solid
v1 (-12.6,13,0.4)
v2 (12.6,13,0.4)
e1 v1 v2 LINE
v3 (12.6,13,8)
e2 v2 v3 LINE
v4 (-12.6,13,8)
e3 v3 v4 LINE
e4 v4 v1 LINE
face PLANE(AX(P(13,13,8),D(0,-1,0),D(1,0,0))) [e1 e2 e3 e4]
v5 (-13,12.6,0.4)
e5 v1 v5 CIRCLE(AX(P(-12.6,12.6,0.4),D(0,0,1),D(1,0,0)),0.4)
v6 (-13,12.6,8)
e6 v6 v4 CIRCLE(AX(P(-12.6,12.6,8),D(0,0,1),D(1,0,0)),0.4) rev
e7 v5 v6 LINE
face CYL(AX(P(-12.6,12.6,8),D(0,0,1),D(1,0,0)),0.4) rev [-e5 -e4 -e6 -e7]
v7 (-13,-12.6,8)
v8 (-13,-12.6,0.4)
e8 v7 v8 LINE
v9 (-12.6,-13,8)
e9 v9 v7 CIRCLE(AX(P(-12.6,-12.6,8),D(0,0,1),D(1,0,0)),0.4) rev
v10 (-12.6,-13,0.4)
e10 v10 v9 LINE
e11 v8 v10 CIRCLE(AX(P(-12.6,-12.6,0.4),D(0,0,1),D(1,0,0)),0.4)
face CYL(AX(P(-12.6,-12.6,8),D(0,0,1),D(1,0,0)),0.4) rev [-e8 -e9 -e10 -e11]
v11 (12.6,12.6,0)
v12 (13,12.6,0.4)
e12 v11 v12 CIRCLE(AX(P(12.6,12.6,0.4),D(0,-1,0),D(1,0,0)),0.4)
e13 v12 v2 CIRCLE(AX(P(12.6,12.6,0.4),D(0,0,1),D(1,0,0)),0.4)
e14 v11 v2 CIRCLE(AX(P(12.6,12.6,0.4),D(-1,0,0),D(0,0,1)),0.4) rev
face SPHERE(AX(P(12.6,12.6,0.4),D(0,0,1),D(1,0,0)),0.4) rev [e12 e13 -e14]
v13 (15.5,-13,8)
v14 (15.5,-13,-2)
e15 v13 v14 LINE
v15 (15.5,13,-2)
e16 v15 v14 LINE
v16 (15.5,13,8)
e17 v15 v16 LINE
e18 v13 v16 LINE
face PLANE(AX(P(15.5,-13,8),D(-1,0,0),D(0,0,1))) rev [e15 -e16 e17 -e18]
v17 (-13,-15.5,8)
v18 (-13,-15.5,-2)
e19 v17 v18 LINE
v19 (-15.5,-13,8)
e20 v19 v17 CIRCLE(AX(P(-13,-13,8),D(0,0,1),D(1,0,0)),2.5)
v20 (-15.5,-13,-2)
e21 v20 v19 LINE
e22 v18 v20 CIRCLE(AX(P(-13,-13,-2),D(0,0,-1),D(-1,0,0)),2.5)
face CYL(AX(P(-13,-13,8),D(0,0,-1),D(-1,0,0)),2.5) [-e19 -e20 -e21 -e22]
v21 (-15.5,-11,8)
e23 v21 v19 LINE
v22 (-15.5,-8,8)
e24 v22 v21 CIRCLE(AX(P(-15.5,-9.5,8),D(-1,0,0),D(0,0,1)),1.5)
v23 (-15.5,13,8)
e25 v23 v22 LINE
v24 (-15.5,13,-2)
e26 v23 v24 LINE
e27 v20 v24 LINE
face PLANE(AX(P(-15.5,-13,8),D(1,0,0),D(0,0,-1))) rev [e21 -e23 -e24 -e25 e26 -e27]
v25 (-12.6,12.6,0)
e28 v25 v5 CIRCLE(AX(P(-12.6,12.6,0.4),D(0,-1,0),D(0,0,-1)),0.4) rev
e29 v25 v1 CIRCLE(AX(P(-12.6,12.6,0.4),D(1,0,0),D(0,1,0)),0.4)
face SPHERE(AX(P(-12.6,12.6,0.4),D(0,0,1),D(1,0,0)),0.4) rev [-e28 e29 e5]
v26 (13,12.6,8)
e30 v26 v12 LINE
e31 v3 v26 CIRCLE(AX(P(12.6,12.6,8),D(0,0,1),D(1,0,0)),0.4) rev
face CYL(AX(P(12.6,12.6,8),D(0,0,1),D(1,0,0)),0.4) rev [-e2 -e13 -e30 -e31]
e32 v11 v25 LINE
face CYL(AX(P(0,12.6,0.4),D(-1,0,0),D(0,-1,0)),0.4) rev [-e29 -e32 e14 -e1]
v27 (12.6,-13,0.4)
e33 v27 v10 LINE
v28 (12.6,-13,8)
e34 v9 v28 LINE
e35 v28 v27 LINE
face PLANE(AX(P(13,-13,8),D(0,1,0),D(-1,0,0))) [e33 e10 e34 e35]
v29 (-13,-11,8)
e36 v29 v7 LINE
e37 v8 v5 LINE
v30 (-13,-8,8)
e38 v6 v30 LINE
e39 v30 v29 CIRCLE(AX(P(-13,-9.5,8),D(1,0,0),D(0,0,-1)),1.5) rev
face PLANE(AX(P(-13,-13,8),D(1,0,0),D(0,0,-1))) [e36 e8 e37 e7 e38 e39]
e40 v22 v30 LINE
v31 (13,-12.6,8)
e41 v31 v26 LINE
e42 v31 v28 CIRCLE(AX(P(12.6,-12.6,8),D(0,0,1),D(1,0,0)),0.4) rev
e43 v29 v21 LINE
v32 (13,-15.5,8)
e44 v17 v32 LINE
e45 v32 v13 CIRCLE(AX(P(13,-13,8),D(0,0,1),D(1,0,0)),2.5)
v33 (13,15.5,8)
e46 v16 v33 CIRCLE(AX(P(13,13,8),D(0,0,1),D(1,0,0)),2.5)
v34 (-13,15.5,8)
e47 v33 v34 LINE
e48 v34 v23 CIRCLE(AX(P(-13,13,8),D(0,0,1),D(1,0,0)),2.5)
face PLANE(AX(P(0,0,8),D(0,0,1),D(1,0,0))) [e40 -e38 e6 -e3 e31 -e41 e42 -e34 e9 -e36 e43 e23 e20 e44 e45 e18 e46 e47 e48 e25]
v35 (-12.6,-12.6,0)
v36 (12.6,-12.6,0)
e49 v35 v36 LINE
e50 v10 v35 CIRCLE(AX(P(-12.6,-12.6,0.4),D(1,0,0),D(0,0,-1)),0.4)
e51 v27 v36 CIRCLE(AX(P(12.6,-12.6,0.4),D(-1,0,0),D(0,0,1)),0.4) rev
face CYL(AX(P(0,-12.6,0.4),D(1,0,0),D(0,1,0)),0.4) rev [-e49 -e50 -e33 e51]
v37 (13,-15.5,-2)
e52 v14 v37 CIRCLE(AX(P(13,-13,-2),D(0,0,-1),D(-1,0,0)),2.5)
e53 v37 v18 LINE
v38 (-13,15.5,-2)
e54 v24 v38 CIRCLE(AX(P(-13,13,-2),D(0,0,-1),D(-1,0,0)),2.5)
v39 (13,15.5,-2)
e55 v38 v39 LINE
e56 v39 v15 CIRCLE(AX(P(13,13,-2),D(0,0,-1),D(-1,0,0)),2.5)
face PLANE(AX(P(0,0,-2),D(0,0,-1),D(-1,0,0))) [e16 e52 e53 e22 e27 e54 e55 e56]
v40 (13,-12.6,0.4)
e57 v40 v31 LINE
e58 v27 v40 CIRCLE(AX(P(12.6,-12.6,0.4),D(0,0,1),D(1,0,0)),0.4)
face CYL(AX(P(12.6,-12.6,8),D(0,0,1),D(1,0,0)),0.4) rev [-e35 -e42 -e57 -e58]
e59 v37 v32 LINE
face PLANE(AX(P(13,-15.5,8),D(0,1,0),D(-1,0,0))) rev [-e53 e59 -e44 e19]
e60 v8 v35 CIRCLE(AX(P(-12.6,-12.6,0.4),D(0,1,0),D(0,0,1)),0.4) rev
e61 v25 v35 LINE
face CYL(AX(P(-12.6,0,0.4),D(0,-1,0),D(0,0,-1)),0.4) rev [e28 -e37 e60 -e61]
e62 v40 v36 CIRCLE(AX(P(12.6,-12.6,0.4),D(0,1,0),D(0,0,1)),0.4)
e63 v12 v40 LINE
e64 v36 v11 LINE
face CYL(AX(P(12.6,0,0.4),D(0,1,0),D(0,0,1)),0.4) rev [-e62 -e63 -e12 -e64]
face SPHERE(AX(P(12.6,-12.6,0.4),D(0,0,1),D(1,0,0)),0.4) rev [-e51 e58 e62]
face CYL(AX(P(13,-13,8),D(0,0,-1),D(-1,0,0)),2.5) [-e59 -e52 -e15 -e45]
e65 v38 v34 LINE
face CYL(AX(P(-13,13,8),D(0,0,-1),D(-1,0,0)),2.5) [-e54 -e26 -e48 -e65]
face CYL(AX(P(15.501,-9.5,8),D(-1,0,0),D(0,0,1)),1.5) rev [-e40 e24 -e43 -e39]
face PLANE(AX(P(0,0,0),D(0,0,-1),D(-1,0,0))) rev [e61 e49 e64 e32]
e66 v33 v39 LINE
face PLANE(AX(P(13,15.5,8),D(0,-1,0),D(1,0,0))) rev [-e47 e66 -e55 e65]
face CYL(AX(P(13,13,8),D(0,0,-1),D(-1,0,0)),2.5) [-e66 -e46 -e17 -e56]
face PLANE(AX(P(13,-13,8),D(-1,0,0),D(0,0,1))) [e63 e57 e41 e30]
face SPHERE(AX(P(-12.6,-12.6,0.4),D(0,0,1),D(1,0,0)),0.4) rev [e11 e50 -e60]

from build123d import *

# Parameters (mm, degrees)
SCHIZZO1_W                   = 31
SCHIZZO1_H                   = 31
SCHIZZO1_W_2                 = 26
SCHIZZO1_H_2                 = 26
ESTRUSIONE_SOTTILE1_DEPTH    = 8
SCHIZZO2_W                   = 31
SCHIZZO2_H                   = 31
ESTRUSIONE_ESTRUSIONE1_DEPTH = 2
RACCORDO1_R                  = 2.5
RACCORDO2_R                  = 0.4
TAGLIO_ESTRUSIONE1_REACH     = 37.57
SCHIZZO3_R                   = 1.5


with BuildPart() as part:
    # Schizzo1 → Estrusione-Sottile1 (new body)
    with BuildSketch(Plane.XY):
        Rectangle(SCHIZZO1_W, SCHIZZO1_H)
        Rectangle(SCHIZZO1_W_2, SCHIZZO1_H_2, mode=Mode.SUBTRACT)
    extrude(amount=ESTRUSIONE_SOTTILE1_DEPTH)

    # Schizzo2 → Estrusione-Estrusione1 (add)
    with BuildSketch(Plane(origin=(0, 0, 0), x_dir=(-1, 0, 0), z_dir=(0, 0, -1))):
        Rectangle(SCHIZZO2_W, SCHIZZO2_H)
    extrude(amount=ESTRUSIONE_ESTRUSIONE1_DEPTH)

    # Raccordo1
    raccordo1_edges = [part.edges().sort_by_distance(p)[0] for p in [
        (-15.5, 15.5, 3),
        (15.5, 15.5, 3),
        (15.5, -15.5, 3),
        (-15.5, -15.5, 3),
    ]]
    fillet(raccordo1_edges, radius=RACCORDO1_R)

    # Raccordo2
    raccordo2_edges = [part.edges().sort_by_distance(p)[0] for p in [
        (-13, 0, 0),
        (-13, 13, 4),
        (0, -13, 0),
        (-13, -13, 4),
        (13, 0, 0),
        (13, -13, 4),
        (0, 13, 0),
        (13, 13, 4),
    ]]
    fillet(raccordo2_edges, radius=RACCORDO2_R)

    # Schizzo3 → Taglio-Estrusione1 (cut, up to next)
    with BuildSketch(Plane.ZY.offset(15.5), mode=Mode.PRIVATE) as taglio_estrusione1_sk1:
        with Locations((8, -9.5)):
            Circle(SCHIZZO3_R)
    taglio_estrusione1_tool1 = extrude(taglio_estrusione1_sk1.sketch, amount=-TAGLIO_ESTRUSIONE1_REACH, mode=Mode.PRIVATE) & part.part
    add(taglio_estrusione1_tool1.solids().sort_by_distance((-15.5, -9.5, 8))[0], mode=Mode.SUBTRACT)


solid = part.part
